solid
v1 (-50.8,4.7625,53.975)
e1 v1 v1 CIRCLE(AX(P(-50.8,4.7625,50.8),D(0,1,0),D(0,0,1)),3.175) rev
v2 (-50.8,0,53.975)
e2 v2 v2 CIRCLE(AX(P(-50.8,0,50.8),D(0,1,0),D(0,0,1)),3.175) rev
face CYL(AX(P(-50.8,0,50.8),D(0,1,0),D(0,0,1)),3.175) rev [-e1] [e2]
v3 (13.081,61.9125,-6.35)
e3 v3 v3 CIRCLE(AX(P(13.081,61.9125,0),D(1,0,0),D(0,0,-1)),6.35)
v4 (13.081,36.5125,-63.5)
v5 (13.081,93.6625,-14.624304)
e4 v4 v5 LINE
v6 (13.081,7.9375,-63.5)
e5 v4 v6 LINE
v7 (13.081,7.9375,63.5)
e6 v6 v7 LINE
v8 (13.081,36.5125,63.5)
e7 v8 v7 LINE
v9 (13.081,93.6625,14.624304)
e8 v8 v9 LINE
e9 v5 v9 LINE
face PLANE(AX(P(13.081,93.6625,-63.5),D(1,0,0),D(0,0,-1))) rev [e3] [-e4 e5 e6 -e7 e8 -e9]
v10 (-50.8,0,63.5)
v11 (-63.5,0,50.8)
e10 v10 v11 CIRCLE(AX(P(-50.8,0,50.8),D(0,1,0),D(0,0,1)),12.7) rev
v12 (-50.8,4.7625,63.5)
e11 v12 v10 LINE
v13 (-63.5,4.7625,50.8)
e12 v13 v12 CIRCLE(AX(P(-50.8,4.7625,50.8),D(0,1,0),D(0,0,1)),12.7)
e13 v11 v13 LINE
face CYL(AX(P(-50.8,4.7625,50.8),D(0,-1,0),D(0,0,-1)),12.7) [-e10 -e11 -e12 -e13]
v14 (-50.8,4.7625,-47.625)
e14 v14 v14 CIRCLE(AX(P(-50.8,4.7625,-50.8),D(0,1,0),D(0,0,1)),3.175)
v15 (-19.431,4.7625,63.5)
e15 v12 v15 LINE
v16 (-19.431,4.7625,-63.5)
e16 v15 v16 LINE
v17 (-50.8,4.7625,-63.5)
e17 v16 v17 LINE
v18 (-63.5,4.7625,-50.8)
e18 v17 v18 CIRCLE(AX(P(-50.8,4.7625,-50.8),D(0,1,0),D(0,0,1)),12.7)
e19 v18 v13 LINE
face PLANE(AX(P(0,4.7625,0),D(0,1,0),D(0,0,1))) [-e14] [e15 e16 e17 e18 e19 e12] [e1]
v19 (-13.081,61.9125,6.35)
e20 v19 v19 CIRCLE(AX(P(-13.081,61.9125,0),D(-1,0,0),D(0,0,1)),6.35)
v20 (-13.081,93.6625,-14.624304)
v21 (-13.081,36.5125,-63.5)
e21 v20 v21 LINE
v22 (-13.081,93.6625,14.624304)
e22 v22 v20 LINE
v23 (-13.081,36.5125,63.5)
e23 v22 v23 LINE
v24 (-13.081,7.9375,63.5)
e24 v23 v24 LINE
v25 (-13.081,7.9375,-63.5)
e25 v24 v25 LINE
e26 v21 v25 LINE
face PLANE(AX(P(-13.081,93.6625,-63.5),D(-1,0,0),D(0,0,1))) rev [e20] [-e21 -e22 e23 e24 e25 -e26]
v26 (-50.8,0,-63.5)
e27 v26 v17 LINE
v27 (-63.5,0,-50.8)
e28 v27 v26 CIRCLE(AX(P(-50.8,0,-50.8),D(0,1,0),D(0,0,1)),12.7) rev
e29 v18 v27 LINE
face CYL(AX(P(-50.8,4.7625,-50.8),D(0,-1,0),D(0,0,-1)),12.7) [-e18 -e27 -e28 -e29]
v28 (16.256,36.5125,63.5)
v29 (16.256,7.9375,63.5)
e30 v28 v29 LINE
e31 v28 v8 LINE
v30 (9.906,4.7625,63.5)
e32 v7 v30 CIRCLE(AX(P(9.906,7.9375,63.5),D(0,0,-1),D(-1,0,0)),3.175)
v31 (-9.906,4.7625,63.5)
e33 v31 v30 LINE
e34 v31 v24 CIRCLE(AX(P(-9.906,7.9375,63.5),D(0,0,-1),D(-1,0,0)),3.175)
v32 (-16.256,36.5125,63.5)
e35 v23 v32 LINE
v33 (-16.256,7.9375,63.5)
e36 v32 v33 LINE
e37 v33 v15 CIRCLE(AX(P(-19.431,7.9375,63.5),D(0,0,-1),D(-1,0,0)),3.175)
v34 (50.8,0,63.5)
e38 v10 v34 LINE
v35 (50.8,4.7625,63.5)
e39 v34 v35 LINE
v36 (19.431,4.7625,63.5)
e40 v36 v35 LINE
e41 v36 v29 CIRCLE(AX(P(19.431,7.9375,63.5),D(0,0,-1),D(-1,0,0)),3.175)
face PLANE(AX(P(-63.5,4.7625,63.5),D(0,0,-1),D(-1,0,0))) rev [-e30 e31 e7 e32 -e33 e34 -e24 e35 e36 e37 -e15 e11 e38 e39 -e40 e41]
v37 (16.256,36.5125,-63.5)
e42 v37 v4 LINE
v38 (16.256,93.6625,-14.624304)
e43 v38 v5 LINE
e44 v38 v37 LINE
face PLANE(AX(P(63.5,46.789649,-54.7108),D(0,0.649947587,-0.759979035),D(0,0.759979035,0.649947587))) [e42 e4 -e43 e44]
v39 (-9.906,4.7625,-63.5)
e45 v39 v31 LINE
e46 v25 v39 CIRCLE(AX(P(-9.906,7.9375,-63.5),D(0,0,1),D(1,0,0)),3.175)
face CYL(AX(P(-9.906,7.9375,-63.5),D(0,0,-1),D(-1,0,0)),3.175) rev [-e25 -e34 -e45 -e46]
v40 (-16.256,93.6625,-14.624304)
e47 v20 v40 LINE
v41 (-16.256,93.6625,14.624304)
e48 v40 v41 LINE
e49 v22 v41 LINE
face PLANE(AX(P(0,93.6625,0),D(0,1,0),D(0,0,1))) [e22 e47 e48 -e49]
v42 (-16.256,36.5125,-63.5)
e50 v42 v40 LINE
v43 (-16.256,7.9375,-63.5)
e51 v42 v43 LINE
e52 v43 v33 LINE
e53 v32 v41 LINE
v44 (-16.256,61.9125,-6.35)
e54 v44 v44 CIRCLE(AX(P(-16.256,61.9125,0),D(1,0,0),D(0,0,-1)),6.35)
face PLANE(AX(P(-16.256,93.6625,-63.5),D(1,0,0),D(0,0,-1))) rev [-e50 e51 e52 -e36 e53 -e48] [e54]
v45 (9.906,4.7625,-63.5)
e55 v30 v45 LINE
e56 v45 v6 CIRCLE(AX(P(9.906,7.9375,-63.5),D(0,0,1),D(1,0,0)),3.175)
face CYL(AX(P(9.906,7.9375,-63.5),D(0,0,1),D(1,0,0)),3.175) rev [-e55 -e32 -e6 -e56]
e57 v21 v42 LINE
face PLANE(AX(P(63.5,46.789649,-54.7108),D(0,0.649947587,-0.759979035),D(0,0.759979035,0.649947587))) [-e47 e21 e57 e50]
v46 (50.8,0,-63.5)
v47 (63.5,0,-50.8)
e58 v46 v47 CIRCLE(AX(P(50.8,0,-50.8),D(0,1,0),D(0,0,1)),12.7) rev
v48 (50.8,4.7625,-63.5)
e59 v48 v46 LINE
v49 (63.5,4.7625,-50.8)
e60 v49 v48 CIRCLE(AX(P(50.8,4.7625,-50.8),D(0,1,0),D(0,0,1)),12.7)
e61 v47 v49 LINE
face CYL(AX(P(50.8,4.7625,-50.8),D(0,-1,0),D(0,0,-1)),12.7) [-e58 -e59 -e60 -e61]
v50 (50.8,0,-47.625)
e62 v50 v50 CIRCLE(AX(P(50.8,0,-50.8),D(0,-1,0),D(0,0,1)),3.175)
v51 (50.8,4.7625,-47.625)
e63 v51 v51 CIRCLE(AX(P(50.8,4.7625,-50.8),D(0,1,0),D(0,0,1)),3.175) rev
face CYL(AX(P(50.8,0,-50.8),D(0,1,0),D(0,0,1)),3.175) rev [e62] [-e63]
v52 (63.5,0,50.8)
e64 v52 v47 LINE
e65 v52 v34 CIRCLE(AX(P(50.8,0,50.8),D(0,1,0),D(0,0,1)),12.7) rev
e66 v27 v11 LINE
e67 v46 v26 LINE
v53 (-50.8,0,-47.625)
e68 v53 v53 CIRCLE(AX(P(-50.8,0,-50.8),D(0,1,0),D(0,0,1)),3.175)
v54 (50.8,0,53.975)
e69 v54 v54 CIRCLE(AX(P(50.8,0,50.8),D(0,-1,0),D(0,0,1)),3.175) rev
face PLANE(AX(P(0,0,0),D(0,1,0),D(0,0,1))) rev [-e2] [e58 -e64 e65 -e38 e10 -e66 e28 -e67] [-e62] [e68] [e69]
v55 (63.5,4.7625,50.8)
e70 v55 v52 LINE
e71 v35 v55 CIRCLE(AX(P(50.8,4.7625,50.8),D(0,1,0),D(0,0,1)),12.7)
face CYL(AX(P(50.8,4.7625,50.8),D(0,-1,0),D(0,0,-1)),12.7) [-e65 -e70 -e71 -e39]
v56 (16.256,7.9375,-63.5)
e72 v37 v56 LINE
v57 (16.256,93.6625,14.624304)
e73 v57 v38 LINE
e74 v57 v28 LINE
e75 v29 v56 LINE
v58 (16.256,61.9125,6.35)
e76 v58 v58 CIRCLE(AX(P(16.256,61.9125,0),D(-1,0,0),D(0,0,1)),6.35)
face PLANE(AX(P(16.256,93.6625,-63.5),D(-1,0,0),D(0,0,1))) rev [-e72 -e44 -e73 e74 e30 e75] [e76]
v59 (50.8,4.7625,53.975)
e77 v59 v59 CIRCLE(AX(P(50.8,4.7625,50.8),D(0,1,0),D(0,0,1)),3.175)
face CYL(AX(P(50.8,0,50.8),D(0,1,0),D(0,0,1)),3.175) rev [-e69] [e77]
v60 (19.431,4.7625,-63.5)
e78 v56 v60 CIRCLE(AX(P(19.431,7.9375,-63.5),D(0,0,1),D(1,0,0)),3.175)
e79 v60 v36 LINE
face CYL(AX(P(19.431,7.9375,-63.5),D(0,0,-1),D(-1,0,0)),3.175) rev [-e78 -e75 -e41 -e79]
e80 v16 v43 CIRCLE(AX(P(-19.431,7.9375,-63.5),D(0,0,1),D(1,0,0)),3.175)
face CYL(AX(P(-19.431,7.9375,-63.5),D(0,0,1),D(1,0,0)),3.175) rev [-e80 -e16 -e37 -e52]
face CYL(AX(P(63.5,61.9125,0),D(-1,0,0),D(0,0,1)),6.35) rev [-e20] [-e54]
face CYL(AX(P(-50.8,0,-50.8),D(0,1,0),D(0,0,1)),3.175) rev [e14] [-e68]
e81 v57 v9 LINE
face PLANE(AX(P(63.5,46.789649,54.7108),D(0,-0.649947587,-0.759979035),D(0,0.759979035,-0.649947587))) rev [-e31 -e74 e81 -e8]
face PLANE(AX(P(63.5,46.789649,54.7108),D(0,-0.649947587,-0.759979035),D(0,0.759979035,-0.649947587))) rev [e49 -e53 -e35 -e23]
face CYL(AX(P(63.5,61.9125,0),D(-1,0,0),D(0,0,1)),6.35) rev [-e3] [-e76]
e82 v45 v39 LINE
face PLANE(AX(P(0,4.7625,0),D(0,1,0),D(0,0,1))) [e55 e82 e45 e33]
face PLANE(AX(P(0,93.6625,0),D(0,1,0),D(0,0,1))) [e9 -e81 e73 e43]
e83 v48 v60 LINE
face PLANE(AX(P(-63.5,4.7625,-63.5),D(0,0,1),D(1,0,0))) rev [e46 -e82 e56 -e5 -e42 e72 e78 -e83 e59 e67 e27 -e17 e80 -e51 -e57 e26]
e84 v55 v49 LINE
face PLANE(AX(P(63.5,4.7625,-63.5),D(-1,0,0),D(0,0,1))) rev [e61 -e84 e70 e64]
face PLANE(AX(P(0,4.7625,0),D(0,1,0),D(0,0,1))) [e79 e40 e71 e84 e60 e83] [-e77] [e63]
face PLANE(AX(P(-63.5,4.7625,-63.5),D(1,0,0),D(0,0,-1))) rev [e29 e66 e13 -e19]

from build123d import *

# Parameters (mm, degrees)
SKETCH1_W               = 127
SKETCH1_H               = 127
BOSS_EXTRUDE1_DEPTH     = 4.7625
SKETCH2_W               = 3.175
SKETCH2_H               = 127
BOSS_EXTRUDE2_DEPTH     = 88.9
SKETCH3_R               = 6.35
CUT_EXTRUDE1_DEPTH      = 48.244
CUT_EXTRUDE1_DEPTH_BACK = 80.756
FILLET1_R               = 3.175
CHAMFER1_SIZE           = 25.4
CUT_EXTRUDE4_START      = -5.7625
SKETCH4_R               = 3.175
CUT_EXTRUDE4_DEPTH      = 95.6625
FILLET5_R               = 12.7
CUT_EXTRUDE5_DEPTH      = 48.244
CUT_EXTRUDE5_DEPTH_BACK = 80.756


with BuildPart() as part:
    # Sketch1 → Boss-Extrude1 (new body)
    with BuildSketch(Plane(origin=(0, 0, 0), x_dir=(1, 0, 0), z_dir=(0, 1, 0))):
        Rectangle(SKETCH1_W, SKETCH1_H)
    extrude(amount=BOSS_EXTRUDE1_DEPTH)

    # Sketch2 → Boss-Extrude2 (add)
    with BuildSketch(Plane(origin=(0, 4.7625, 0), x_dir=(1, 0, 0), z_dir=(0, 1, 0))):
        with Locations((-14.6685, 0)):
            Rectangle(SKETCH2_W, SKETCH2_H)
        with Locations((14.6685, 0)):
            Rectangle(SKETCH2_W, SKETCH2_H)
    extrude(amount=BOSS_EXTRUDE2_DEPTH)

    # Sketch3 → Cut-Extrude1 (cut, two sides)
    with BuildSketch(Plane.ZY.offset(16.256)) as cut_extrude1_sk:
        with Locations((0, 61.9125)):
            Circle(SKETCH3_R)
    extrude(amount=CUT_EXTRUDE1_DEPTH, mode=Mode.SUBTRACT)
    extrude(cut_extrude1_sk.sketch, amount=-CUT_EXTRUDE1_DEPTH_BACK, mode=Mode.SUBTRACT)

    # Fillet1
    fillet1_edges = [part.edges().sort_by_distance(p)[0] for p in [
        (-16.256, 4.7625, 0),
        (-13.081, 4.7625, 0),
        (13.081, 4.7625, 0),
        (16.256, 4.7625, 0),
    ]]
    fillet(fillet1_edges, radius=FILLET1_R)

    # Chamfer1
    chamfer1_edges = [part.edges().sort_by_distance(p)[0] for p in [
        (-14.6685, 93.6625, 63.5),
        (-14.6685, 93.6625, -63.5),
        (14.6685, 93.6625, 63.5),
        (14.6685, 93.6625, -63.5),
    ]]
    chamfer(chamfer1_edges, length=CHAMFER1_SIZE)

    # Sketch4 → Cut-Extrude4 (cut)
    with BuildSketch(Plane(origin=(0, 4.7625, 0), x_dir=(1, 0, 0), z_dir=(0, 1, 0)).offset(CUT_EXTRUDE4_START)):
        with Locations((-50.8, -50.8)):
            Circle(SKETCH4_R)
        with Locations((-50.8, 50.8)):
            Circle(SKETCH4_R)
    cut_extrude4 = extrude(amount=CUT_EXTRUDE4_DEPTH, mode=Mode.SUBTRACT)

    # Mirror2: Cut-Extrude4 across plane
    add(cut_extrude4.mirror(Plane.ZY), mode=Mode.SUBTRACT)

    # Fillet5
    fillet5_edges = [part.edges().sort_by_distance(p)[0] for p in [
        (-63.5, 2.38125, -63.5),
        (63.5, 2.38125, -63.5),
        (63.5, 2.38125, 63.5),
        (-63.5, 2.38125, 63.5),
    ]]
    fillet(fillet5_edges, radius=FILLET5_R)

    # Sketch7 → Cut-Extrude5 (cut, two sides)
    with BuildSketch(Plane.ZY.offset(16.256)) as cut_extrude5_sk:
        Polygon((-63.5, 36.5125), (-14.62430355, 93.6625), (-38.1, 93.6625), (-63.5, 68.2625), align=None)
        Polygon((38.1, 93.6625), (14.62430355, 93.6625), (63.5, 36.5125), (63.5, 68.2625), align=None)
    extrude(amount=CUT_EXTRUDE5_DEPTH, mode=Mode.SUBTRACT)
    extrude(cut_extrude5_sk.sketch, amount=-CUT_EXTRUDE5_DEPTH_BACK, mode=Mode.SUBTRACT)


solid = part.part
